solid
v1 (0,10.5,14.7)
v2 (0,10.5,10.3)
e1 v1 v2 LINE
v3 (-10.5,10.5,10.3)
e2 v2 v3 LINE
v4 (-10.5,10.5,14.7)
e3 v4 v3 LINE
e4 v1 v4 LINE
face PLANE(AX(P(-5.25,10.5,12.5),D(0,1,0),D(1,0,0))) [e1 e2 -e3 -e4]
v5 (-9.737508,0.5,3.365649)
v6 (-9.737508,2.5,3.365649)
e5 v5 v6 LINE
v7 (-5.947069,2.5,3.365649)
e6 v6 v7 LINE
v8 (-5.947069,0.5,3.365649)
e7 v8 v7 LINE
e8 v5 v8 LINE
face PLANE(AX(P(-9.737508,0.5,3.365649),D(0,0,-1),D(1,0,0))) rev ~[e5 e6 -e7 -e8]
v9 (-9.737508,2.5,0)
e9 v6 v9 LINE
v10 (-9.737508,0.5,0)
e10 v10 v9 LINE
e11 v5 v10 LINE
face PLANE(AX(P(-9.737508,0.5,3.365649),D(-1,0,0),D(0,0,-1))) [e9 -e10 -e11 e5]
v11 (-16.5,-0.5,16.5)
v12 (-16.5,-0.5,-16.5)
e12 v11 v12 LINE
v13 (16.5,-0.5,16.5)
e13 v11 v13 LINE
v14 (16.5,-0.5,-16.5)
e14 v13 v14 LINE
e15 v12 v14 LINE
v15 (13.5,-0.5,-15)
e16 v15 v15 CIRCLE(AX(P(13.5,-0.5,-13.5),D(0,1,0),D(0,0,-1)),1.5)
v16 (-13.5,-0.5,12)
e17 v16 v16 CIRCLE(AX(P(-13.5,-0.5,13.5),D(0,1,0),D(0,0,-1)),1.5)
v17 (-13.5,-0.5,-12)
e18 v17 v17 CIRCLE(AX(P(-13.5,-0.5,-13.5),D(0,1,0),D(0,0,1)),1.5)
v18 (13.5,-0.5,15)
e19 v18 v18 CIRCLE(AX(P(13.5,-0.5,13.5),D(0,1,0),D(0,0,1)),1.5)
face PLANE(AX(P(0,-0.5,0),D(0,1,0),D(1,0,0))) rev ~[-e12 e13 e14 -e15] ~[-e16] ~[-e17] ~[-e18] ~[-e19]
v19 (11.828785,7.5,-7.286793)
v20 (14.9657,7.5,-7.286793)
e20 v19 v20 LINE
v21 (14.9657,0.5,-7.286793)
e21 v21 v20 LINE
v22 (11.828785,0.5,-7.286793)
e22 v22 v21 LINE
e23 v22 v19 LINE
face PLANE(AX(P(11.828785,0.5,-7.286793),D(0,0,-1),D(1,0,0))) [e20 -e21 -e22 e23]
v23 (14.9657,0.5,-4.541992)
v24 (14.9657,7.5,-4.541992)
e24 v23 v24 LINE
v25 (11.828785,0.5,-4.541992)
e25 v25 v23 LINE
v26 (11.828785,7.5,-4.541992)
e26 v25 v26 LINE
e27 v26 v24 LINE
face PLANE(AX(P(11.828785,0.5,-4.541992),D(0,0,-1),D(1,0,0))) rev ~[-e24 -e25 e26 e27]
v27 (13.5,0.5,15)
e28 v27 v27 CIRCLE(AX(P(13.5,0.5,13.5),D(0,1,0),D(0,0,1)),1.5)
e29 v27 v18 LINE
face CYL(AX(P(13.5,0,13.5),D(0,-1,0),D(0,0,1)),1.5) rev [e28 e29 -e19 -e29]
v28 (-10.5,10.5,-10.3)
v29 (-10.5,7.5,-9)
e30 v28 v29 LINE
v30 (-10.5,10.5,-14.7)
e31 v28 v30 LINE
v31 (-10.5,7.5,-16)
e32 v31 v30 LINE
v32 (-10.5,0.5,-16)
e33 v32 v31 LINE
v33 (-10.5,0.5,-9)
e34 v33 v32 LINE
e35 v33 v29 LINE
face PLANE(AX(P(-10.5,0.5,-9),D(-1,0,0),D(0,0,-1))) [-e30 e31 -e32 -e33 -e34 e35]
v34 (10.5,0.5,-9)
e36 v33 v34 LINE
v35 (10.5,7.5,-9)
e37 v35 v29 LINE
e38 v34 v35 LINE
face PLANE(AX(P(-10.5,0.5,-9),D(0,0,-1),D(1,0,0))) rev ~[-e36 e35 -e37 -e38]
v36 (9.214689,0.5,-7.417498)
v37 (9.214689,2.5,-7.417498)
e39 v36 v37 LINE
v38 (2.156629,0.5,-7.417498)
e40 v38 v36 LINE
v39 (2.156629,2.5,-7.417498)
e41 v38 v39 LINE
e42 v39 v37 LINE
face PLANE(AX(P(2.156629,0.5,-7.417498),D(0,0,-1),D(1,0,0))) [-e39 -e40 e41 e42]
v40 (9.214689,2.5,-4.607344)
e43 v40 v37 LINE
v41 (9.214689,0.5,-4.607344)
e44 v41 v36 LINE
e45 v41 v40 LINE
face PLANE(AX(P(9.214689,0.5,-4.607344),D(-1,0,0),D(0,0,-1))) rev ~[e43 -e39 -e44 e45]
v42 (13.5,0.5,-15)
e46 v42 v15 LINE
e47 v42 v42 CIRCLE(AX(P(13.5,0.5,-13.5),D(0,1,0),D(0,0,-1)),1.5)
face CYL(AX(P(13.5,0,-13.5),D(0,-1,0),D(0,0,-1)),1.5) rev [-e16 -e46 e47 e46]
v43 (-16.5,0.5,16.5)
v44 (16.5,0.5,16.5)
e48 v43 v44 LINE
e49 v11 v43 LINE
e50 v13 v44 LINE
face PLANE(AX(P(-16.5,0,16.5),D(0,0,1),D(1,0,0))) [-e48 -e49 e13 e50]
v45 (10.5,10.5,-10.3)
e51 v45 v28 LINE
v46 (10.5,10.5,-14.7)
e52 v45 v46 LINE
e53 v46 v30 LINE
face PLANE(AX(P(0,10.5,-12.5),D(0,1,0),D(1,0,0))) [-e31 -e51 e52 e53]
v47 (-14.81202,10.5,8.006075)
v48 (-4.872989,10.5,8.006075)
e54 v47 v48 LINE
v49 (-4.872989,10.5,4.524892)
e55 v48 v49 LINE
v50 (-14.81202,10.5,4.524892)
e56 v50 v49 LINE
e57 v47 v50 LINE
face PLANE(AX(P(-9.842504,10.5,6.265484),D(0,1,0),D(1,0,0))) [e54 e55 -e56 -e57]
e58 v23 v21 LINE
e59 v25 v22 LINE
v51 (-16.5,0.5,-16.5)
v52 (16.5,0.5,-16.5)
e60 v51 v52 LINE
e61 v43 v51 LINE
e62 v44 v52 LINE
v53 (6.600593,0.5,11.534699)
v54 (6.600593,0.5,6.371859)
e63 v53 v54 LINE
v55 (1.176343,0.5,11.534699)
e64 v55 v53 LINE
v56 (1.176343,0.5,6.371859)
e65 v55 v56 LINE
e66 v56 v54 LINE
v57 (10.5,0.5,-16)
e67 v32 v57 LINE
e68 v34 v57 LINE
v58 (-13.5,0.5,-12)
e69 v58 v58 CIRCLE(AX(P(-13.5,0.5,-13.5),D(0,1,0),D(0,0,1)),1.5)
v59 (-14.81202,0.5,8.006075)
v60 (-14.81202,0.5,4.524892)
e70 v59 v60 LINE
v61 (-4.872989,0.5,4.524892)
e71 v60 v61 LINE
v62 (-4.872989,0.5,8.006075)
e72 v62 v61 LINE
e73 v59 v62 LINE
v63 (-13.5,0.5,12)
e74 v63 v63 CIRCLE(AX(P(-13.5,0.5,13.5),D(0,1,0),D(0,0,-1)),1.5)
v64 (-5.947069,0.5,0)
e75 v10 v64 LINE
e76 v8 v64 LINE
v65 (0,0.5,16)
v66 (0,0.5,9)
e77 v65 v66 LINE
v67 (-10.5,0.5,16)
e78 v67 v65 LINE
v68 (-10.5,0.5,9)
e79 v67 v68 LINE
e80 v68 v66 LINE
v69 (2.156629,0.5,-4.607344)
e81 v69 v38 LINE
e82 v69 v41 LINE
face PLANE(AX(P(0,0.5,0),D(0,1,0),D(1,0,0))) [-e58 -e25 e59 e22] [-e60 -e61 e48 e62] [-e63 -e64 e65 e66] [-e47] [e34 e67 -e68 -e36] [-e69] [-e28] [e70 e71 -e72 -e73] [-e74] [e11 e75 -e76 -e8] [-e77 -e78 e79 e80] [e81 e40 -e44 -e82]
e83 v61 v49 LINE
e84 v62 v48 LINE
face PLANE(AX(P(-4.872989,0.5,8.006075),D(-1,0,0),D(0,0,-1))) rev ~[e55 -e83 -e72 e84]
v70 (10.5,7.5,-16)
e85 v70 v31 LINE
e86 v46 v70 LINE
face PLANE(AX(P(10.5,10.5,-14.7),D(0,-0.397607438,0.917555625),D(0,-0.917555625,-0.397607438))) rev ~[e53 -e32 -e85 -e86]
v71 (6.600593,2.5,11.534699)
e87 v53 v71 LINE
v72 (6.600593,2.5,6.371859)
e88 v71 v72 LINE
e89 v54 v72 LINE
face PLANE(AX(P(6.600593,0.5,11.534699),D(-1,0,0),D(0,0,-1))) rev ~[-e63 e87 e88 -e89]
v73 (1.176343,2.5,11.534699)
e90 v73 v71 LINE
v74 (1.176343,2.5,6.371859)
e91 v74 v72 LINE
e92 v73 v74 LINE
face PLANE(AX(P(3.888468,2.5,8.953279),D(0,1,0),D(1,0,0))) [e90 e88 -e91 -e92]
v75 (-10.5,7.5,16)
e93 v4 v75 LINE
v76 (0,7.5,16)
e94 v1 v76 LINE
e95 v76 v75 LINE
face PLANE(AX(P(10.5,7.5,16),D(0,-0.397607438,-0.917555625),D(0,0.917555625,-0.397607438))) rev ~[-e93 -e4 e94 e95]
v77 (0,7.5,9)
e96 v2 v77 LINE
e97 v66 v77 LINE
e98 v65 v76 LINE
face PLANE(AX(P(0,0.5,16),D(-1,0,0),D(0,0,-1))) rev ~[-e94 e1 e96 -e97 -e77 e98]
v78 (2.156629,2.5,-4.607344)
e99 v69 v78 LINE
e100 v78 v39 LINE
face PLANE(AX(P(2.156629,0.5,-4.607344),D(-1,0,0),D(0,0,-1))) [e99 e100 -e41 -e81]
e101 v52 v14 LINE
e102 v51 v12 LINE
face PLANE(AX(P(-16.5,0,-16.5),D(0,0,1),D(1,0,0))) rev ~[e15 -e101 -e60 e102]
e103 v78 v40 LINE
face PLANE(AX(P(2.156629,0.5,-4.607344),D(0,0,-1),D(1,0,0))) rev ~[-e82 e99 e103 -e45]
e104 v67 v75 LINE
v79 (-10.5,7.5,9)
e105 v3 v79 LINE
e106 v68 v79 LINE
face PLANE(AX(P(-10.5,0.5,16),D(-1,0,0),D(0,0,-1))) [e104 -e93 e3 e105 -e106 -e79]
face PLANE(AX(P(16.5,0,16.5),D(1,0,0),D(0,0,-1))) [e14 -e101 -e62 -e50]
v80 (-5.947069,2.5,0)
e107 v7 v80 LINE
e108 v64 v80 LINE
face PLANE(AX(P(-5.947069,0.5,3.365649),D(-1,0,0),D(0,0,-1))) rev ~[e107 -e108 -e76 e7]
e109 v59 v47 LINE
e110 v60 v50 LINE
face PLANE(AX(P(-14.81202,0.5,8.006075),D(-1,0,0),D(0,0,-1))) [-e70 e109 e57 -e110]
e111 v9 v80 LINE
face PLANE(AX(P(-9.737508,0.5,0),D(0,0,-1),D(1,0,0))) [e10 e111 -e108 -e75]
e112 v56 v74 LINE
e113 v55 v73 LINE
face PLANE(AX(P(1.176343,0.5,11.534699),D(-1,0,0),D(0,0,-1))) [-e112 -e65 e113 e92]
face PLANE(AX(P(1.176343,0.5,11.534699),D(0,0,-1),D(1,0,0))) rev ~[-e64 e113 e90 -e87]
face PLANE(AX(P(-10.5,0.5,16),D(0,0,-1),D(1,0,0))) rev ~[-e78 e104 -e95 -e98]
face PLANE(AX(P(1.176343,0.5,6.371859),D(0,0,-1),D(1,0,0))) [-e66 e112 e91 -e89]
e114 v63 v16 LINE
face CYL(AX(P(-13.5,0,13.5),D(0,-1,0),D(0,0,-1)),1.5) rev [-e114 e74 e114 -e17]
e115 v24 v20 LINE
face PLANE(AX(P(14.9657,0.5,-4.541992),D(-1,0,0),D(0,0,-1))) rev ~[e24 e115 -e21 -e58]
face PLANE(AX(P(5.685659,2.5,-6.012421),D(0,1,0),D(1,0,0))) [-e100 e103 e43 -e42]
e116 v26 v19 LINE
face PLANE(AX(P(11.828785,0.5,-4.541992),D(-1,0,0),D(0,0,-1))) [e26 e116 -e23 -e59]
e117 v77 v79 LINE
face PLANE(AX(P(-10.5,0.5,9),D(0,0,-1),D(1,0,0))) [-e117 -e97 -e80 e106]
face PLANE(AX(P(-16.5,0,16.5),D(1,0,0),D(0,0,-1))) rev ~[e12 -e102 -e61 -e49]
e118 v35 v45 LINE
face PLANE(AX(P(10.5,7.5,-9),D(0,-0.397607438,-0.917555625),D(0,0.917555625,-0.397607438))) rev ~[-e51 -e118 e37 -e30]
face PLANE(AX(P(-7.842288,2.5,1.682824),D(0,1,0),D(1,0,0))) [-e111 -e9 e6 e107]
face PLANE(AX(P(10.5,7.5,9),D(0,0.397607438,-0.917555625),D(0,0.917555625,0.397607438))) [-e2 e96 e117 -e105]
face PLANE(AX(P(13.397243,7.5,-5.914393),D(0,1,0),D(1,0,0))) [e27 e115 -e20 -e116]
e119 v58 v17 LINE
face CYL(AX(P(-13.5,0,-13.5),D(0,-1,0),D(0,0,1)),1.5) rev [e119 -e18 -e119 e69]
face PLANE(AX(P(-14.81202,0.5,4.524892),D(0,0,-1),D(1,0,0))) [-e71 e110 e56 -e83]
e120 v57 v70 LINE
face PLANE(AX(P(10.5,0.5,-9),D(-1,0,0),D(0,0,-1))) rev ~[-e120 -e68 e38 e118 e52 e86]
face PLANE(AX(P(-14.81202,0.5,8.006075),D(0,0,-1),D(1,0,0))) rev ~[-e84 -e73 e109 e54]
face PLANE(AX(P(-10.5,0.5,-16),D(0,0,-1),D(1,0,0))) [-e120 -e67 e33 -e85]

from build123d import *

# Parameters (mm, degrees)
SKETCH1_W           = 33
SKETCH1_H           = 33
SKETCH1_R           = 1.5
BOSS_EXTRUDE1_DEPTH = 0.5
SKETCH2_W           = 21
SKETCH2_H           = 7
SKETCH2_W_2         = 10.5
SKETCH2_W_3         = 9.939031212
SKETCH2_H_2         = 3.481183521
BOSS_EXTRUDE2_DEPTH = 10
SKETCH3_W           = 5.42424951
SKETCH3_H           = 5.162839894
SKETCH3_W_2         = 7.058059603
SKETCH3_H_2         = 2.81015336
SKETCH3_W_3         = 3.790439417
SKETCH3_H_3         = 3.365648792
BOSS_EXTRUDE3_DEPTH = 2
SKETCH4_W           = 3.136915379
SKETCH4_H           = 2.744800957
BOSS_EXTRUDE4_DEPTH = 7
CUT_EXTRUDE1_DEPTH  = 24


with BuildPart() as part:
    # Sketch1 → Boss-Extrude1 (new, symmetric)
    with BuildSketch(Plane(origin=(0, 0, 0), x_dir=(1, 0, 0), z_dir=(0, 1, 0))):
        Rectangle(SKETCH1_W, SKETCH1_H)
        with Locations(Location((-13.5, 13.5, 0), (0, 0, 270))):
            Circle(SKETCH1_R, mode=Mode.SUBTRACT)
        with Locations(Location((-13.5, -13.5, 0), (0, 0, 90))):
            Circle(SKETCH1_R, mode=Mode.SUBTRACT)
        with Locations(Location((13.5, -13.5, 0), (0, 0, 270))):
            Circle(SKETCH1_R, mode=Mode.SUBTRACT)
        with Locations(Location((13.5, 13.5, 0), (0, 0, 90))):
            Circle(SKETCH1_R, mode=Mode.SUBTRACT)
    extrude(amount=BOSS_EXTRUDE1_DEPTH, both=True)

    # Sketch2 → Boss-Extrude2 (add)
    with BuildSketch(Plane(origin=(0, 0.5, 0), x_dir=(1, 0, 0), z_dir=(0, 1, 0))):
        with Locations((0, 12.5)):
            Rectangle(SKETCH2_W, SKETCH2_H)
        with Locations((-5.25, -12.5)):
            Rectangle(SKETCH2_W_2, SKETCH2_H)
        with Locations((-9.842504173, -6.265483719)):
            Rectangle(SKETCH2_W_3, SKETCH2_H_2)
    extrude(amount=BOSS_EXTRUDE2_DEPTH)

    # Sketch3 → Boss-Extrude3 (add)
    with BuildSketch(Plane(origin=(0, 0.5, 0), x_dir=(1, 0, 0), z_dir=(0, 1, 0))):
        with Locations((3.888468022, -8.953279311)):
            Rectangle(SKETCH3_W, SKETCH3_H)
        with Locations((5.685659125, 6.012421143)):
            Rectangle(SKETCH3_W_2, SKETCH3_H_2)
        with Locations((-7.842288448, -1.682824396)):
            Rectangle(SKETCH3_W_3, SKETCH3_H_3)
    extrude(amount=BOSS_EXTRUDE3_DEPTH)

    # Sketch4 → Boss-Extrude4 (add)
    with BuildSketch(Plane(origin=(0, 0.5, 0), x_dir=(1, 0, 0), z_dir=(0, 1, 0))):
        with Locations((13.397242764, 5.914392538)):
            Rectangle(SKETCH4_W, SKETCH4_H)
    extrude(amount=BOSS_EXTRUDE4_DEPTH)

    # Sketch5 → Cut-Extrude1 (cut)
    with BuildSketch(Plane(origin=(10.5, 0, 0), x_dir=(0, 0, -1), z_dir=(1, 0, 0))):
        Polygon((-16, 10.5), (-16, 7.5), (-14.7, 10.5), align=None)
        Polygon((-10.3, 10.5), (-9, 10.5), (-9, 7.5), align=None)
        Polygon((9, 7.5), (10.3, 10.5), (9, 10.5), align=None)
        Polygon((16, 10.5), (14.7, 10.5), (16, 7.5), align=None)
    extrude(amount=-CUT_EXTRUDE1_DEPTH, mode=Mode.SUBTRACT)


solid = part.part
